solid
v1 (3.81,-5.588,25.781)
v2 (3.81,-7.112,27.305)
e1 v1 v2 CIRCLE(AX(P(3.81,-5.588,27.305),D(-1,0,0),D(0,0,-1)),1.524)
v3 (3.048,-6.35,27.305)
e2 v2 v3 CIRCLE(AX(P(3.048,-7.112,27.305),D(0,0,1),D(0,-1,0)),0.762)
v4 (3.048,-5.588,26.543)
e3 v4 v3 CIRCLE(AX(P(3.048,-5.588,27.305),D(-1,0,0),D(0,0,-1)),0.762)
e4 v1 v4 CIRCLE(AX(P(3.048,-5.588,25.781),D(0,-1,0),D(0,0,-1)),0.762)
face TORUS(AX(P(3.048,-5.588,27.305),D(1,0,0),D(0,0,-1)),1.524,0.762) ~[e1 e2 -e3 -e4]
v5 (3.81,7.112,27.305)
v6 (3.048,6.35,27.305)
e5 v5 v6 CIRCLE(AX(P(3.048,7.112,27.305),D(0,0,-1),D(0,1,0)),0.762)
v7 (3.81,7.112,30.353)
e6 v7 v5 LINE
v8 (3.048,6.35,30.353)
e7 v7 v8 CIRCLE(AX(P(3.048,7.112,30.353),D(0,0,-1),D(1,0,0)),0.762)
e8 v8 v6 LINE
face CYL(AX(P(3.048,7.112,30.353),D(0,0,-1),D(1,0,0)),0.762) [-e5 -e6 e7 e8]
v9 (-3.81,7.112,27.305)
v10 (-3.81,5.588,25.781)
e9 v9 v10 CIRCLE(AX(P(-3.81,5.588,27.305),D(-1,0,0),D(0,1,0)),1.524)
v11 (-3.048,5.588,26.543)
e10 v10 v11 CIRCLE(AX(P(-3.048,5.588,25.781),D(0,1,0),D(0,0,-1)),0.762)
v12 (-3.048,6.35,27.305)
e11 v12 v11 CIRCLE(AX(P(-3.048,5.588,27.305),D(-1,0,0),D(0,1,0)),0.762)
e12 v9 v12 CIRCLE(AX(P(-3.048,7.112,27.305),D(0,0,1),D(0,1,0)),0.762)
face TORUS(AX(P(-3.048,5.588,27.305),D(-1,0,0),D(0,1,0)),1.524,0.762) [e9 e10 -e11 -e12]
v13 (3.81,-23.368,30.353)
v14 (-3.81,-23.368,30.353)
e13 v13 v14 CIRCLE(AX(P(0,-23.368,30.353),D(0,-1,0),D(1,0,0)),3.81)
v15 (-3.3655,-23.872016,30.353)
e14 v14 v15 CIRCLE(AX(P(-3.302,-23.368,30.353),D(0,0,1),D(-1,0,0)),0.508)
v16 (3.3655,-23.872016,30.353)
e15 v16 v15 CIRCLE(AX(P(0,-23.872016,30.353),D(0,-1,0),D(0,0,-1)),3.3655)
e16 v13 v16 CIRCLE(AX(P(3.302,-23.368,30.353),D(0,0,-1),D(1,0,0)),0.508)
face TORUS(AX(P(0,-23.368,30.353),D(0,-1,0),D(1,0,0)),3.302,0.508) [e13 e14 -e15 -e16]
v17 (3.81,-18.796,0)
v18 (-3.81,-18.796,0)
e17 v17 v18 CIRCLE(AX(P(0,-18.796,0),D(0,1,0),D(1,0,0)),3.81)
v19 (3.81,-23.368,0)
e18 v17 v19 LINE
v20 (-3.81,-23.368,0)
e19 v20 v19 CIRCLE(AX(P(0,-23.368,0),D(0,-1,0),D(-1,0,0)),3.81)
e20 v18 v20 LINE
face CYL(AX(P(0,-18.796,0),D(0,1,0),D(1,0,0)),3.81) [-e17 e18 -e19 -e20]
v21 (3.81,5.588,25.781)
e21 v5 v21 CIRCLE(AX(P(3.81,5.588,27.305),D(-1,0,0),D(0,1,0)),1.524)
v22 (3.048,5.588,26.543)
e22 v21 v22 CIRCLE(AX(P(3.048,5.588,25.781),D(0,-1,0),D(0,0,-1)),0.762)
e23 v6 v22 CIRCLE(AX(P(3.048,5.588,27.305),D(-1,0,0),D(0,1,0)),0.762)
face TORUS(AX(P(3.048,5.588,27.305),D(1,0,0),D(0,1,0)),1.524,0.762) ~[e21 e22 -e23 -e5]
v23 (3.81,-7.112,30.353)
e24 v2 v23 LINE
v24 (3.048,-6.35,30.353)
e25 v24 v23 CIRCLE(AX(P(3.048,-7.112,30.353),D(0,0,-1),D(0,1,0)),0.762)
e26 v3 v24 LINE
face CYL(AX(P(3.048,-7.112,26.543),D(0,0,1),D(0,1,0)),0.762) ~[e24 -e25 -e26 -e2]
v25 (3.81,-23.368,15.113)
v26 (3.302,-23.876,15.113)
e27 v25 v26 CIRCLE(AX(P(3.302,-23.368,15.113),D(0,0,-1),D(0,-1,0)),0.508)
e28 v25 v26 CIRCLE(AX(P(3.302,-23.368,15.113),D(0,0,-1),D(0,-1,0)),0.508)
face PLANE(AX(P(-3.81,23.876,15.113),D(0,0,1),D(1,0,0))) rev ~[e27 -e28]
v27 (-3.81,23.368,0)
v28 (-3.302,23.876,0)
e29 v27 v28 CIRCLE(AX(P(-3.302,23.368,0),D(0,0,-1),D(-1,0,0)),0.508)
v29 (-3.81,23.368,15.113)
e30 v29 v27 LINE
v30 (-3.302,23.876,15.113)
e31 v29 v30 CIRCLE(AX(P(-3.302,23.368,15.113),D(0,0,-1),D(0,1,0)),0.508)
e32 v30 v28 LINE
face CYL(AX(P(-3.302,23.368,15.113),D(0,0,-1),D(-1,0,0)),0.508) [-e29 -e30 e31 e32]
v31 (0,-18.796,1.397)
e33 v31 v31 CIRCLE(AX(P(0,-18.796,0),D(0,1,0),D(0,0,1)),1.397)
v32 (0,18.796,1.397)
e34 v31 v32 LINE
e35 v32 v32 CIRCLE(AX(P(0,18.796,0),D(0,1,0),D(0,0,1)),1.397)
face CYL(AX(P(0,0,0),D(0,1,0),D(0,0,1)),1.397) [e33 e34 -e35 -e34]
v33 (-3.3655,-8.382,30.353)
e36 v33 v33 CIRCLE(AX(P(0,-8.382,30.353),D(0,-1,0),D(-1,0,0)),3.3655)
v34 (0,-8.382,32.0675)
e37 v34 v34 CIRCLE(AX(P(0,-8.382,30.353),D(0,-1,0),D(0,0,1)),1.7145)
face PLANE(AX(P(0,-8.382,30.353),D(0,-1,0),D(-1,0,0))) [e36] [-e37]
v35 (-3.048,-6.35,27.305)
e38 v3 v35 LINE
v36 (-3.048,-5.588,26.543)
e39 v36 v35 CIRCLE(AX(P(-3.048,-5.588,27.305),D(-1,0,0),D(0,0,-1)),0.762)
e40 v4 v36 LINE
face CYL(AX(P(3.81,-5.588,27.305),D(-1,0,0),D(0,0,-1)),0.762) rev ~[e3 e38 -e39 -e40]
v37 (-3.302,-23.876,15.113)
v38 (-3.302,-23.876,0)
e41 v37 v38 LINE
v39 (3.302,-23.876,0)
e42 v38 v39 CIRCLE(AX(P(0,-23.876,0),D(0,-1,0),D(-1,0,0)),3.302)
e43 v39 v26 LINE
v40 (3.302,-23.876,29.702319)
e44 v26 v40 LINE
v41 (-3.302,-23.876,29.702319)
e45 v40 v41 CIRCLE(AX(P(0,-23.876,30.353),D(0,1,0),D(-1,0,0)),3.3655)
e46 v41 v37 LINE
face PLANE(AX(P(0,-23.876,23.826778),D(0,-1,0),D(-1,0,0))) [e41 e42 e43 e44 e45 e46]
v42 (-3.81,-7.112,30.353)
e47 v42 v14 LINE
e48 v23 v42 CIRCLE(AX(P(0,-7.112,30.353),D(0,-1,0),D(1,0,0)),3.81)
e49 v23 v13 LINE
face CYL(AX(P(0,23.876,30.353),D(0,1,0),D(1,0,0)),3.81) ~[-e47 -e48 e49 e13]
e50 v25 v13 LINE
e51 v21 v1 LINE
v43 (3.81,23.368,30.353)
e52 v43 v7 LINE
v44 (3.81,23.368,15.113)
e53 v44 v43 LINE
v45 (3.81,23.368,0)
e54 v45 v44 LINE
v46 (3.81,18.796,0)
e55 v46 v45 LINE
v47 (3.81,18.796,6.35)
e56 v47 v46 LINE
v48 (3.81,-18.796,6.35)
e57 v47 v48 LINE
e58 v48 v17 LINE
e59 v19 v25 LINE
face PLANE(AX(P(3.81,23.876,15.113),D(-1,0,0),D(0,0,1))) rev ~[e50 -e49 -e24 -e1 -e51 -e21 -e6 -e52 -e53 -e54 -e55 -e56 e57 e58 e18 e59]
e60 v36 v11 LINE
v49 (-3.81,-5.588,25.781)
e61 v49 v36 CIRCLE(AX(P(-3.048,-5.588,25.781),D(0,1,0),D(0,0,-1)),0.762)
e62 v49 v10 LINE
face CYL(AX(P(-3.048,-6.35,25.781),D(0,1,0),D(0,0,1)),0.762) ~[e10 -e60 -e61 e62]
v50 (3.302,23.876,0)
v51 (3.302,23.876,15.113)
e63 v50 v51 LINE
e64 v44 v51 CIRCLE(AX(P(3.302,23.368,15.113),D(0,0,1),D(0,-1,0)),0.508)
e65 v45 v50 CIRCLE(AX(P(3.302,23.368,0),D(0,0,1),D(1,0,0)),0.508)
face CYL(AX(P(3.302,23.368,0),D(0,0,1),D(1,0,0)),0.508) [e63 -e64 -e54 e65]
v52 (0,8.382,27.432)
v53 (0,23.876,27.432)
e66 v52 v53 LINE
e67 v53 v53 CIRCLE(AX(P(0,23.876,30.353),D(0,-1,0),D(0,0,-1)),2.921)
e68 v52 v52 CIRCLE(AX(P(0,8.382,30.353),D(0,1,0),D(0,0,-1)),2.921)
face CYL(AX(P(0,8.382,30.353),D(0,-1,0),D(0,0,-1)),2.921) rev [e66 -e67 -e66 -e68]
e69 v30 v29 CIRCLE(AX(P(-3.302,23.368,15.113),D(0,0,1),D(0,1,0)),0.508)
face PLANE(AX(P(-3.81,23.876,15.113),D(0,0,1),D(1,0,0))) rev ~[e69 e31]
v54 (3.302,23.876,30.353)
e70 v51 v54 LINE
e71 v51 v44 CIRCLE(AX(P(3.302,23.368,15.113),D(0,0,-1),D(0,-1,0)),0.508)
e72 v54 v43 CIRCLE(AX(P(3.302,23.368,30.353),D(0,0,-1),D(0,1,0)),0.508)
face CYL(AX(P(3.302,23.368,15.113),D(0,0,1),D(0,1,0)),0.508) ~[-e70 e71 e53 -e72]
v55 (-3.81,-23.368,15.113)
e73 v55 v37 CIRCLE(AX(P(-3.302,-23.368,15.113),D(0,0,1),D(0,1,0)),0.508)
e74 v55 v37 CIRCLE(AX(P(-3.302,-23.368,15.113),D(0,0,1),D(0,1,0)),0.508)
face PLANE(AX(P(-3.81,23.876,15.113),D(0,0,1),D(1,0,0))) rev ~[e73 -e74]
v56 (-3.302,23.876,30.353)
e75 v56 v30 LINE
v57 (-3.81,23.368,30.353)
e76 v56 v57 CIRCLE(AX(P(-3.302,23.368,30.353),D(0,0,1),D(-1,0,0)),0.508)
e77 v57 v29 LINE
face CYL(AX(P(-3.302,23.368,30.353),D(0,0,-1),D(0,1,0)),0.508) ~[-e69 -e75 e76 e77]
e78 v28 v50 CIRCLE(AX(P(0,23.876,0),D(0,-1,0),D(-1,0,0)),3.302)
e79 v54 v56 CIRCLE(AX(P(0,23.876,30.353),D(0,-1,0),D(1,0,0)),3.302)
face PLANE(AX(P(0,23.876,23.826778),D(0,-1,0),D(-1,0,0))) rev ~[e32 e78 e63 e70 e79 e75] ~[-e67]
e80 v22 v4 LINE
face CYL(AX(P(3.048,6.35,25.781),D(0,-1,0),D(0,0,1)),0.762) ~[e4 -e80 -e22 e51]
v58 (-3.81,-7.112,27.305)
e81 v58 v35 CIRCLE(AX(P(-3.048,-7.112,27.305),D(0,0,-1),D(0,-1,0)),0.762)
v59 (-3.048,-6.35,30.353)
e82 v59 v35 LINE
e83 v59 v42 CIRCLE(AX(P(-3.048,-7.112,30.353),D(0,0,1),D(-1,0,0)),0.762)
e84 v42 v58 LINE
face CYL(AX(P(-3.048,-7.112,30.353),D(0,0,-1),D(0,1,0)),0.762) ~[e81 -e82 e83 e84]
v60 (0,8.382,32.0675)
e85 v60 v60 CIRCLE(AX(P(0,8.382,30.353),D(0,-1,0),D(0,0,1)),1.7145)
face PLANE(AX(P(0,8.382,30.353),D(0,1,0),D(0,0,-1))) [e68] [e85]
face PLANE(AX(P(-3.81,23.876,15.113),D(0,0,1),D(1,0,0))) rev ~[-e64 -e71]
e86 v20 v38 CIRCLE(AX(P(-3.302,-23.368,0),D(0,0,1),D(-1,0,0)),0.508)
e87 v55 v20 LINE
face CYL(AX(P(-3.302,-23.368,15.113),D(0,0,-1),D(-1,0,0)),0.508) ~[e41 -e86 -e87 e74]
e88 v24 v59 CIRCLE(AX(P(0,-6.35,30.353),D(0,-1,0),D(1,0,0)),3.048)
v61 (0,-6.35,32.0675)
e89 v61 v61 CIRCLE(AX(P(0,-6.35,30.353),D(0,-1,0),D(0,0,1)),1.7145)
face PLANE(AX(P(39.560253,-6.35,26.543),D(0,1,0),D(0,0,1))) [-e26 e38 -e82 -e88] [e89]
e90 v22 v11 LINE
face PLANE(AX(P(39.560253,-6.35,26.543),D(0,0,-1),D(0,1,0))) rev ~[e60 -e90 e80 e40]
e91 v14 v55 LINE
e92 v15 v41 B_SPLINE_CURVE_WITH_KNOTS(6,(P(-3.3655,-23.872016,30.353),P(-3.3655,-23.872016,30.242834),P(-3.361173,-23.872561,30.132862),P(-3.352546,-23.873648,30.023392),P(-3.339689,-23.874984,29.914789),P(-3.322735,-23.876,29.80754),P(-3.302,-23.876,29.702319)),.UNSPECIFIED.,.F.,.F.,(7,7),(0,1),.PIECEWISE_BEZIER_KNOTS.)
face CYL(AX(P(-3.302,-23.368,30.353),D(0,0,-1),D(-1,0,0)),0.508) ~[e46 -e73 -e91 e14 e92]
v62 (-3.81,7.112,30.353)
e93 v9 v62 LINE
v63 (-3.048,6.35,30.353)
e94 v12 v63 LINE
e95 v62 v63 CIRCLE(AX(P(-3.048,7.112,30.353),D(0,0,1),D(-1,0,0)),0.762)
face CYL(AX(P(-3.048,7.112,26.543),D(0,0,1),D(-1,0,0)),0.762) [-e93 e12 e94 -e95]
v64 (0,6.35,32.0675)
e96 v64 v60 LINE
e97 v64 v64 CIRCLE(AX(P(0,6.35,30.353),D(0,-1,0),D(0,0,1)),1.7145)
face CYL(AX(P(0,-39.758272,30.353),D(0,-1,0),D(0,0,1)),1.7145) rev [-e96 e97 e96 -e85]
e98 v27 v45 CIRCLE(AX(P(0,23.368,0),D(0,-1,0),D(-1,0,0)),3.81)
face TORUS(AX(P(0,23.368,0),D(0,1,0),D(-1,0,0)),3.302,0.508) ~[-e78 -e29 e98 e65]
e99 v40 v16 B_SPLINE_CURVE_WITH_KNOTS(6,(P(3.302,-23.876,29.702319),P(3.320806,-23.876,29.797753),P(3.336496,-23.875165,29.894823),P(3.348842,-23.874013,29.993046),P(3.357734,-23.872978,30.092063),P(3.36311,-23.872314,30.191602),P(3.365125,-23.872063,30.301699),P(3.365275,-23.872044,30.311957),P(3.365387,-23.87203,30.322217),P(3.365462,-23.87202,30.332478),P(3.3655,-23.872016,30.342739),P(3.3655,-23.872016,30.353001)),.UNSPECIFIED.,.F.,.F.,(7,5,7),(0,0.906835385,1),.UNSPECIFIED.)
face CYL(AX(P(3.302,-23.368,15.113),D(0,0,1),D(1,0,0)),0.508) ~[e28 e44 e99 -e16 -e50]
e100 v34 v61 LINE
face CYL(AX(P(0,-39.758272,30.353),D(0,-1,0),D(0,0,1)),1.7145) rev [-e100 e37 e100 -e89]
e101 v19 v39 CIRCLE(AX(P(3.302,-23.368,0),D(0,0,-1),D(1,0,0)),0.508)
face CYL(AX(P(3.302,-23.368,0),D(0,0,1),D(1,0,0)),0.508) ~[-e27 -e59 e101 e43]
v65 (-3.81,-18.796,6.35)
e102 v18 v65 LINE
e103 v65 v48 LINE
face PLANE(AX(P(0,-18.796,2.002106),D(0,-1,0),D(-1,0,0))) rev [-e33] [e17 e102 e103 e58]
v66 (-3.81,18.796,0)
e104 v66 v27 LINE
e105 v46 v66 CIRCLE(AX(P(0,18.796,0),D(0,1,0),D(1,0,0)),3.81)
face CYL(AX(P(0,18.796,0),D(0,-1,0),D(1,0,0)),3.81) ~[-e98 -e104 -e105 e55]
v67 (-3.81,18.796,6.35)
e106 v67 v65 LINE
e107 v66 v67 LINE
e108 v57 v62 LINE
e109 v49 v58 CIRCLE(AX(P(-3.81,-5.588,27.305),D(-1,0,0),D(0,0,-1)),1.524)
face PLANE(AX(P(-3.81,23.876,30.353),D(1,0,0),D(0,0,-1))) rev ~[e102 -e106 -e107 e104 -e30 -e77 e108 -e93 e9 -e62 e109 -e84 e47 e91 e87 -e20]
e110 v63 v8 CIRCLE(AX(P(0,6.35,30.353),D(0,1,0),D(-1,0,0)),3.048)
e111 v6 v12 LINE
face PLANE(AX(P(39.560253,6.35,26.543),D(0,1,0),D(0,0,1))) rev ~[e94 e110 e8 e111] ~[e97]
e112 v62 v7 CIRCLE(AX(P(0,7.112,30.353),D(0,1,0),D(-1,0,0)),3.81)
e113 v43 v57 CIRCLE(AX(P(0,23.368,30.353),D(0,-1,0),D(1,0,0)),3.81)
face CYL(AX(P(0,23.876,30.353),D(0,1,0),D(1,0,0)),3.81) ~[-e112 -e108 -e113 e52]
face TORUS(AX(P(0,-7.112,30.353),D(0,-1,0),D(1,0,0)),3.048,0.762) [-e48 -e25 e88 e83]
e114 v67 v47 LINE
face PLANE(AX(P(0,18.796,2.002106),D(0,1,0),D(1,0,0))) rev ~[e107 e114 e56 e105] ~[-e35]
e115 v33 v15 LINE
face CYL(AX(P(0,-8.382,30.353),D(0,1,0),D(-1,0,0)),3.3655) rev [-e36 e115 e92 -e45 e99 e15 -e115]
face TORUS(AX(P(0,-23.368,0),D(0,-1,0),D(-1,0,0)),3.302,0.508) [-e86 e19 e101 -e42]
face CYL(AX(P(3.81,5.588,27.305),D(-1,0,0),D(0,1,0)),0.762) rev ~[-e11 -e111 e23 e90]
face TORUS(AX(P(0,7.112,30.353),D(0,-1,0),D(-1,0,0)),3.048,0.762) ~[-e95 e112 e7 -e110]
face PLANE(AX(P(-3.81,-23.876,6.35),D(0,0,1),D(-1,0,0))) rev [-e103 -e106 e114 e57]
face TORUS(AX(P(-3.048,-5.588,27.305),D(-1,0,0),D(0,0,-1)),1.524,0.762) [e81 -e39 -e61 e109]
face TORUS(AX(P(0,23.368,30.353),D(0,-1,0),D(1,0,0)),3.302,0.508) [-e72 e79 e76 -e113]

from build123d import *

# Parameters (mm, degrees)
SKETCH1_R               = 1.397
BOSS_EXTRUDE1_DEPTH     = 18.796
BOSS_EXTRUDE2_DEPTH     = 5.08
SKETCH3_W               = 7.62
SKETCH3_H               = 8.763
BOSS_EXTRUDE3_DEPTH     = 23.876
FILLET1_R               = 0.508
BOSS_EXTRUDE5_DEPTH     = 47.752
FILLET3_R               = 0.508
CUT_EXTRUDE2_DEPTH      = 43.370253148
CUT_EXTRUDE2_DEPTH_BACK = 43.370253148
SKETCH9_W               = 7.62
SKETCH9_H               = 12.7
FILLET4_R               = 0.762
CUT_EXTRUDE3_DEPTH      = 59.837744517
CUT_EXTRUDE3_DEPTH_BACK = 15.494
SKETCH10_R              = 2.921
CUT_EXTRUDE4_DEPTH      = 48.140271953
CUT_EXTRUDE4_DEPTH_BACK = 48.140271953
SKETCH11_R              = 1.7145
CUT_EXTRUDE5_DEPTH      = 59.837744517
CUT_EXTRUDE5_DEPTH_BACK = 15.494
SKETCH12_R              = 3.3655


with BuildPart() as part:
    # Sketch1 → Boss-Extrude1 (new body)
    with BuildSketch(Plane(origin=(0, 0, 0), x_dir=(1, 0, 0), z_dir=(0, 1, 0))):
        with Locations(Location((0, 0, 0), (0, 0, 270))):
            Circle(SKETCH1_R)
    extrude(amount=BOSS_EXTRUDE1_DEPTH)

    # Sketch2 → Boss-Extrude2 (add)
    with BuildSketch(Plane(origin=(0, 18.796, 0), x_dir=(1, 0, 0), z_dir=(0, 1, 0))):
        with BuildLine():
            Line((-3.81, -6.35), (3.81, -6.35))
            Line((3.81, -6.35), (3.81, 0))
            ThreePointArc((3.81, 0), (0, 3.81), (-3.81, 0))
            Line((-3.81, 0), (-3.81, -6.35))
        make_face()
    extrude(amount=BOSS_EXTRUDE2_DEPTH)

    # Sketch3 → Boss-Extrude3 (add)
    with BuildSketch(Plane(origin=(0, 23.876, 0), x_dir=(1, 0, 0), z_dir=(0, 1, 0))):
        with Locations((0, -10.7315)):
            Rectangle(SKETCH3_W, SKETCH3_H)
    extrude(amount=-BOSS_EXTRUDE3_DEPTH)

    # Mirror1: part across plane


with BuildPart() as part_1:
    add(part.part)
    add(part.part.mirror(Plane.ZX))

    # Fillet1
    fillet1_edges = [part_1.edges().sort_by_distance(p)[0] for p in [
        (-3.81, -23.876, 7.5565),
        (3.81, -23.876, 7.5565),
        (0, -23.876, -3.81),
        (-3.81, 23.876, 7.5565),
        (3.81, 23.876, 7.5565),
        (0, 23.876, -3.81),
    ]]
    fillet(fillet1_edges, radius=FILLET1_R)

    # Sketch8 → Boss-Extrude5 (add)
    with BuildSketch(Plane(origin=(0, 23.876, 0), x_dir=(1, 0, 0), z_dir=(0, 1, 0))):
        with BuildLine():
            Line((-3.81, -15.113), (3.81, -15.113))
            Line((3.81, -15.113), (3.81, -30.353))
            ThreePointArc((3.81, -30.353), (0, -34.163), (-3.81, -30.353))
            Line((-3.81, -30.353), (-3.81, -15.113))
        make_face()
    extrude(amount=-BOSS_EXTRUDE5_DEPTH)

    # Fillet3
    fillet3_edges = [part_1.edges().sort_by_distance(p)[0] for p in [
        (-3.81, 23.876, 22.733),
        (0, 23.876, 34.163),
        (3.81, 23.876, 22.733),
        (0, -23.876, 34.163),
        (3.81, -23.876, 22.733),
        (-3.81, -23.876, 22.733),
    ]]
    fillet(fillet3_edges, radius=FILLET3_R)

    # Sketch9 → Cut-Extrude2 (cut, two sides: drawn at the far end of the back side and taken through both)
    with BuildSketch(Plane.ZY.offset(3.81).offset(-CUT_EXTRUDE2_DEPTH_BACK)):
        with Locations((30.353, 0)):
            Rectangle(SKETCH9_W, SKETCH9_H)
    extrude(amount=CUT_EXTRUDE2_DEPTH + CUT_EXTRUDE2_DEPTH_BACK, mode=Mode.SUBTRACT)

    # Fillet4
    fillet4_edges = [part_1.edges().sort_by_distance(p)[0] for p in [
        (0, 6.35, 34.163),
        (0, -6.35, 34.163),
        (0, -6.35, 26.543),
        (-3.81, 0, 26.543),
        (3.81, 0, 26.543),
        (-3.81, -6.35, 28.448),
        (3.81, -6.35, 28.448),
        (0, 6.35, 26.543),
        (-3.81, 6.35, 28.448),
        (3.81, 6.35, 28.448),
    ]]
    fillet(fillet4_edges, radius=FILLET4_R)

    # Sketch10 → Cut-Extrude3 (cut, two sides: drawn at the far end of the back side and taken through both)
    with BuildSketch(Plane(origin=(0, 23.876, 0), x_dir=(1, 0, 0), z_dir=(0, 1, 0)).offset(-CUT_EXTRUDE3_DEPTH_BACK)):
        with Locations(Location((0, -30.353, 0), (0, 0, 90))):
            Circle(SKETCH10_R)
    extrude(amount=CUT_EXTRUDE3_DEPTH + CUT_EXTRUDE3_DEPTH_BACK, mode=Mode.SUBTRACT)

    # Sketch11 → Cut-Extrude4 (cut, two sides: drawn at the far end of the back side and taken through both)
    with BuildSketch(Plane(origin=(0, 8.382, 0), x_dir=(1, 0, 0), z_dir=(0, 1, 0)).offset(-CUT_EXTRUDE4_DEPTH_BACK)):
        with Locations(Location((0, -30.353, 0), (0, 0, 270))):
            Circle(SKETCH11_R)
    extrude(amount=CUT_EXTRUDE4_DEPTH + CUT_EXTRUDE4_DEPTH_BACK, mode=Mode.SUBTRACT)

    # Sketch12 → Cut-Extrude5 (cut, two sides: drawn at the far end of the back side and taken through both)
    with BuildSketch(Plane.XZ.offset(23.876).offset(-CUT_EXTRUDE5_DEPTH_BACK)):
        with Locations(Location((0, 30.353, 0), (0, 0, 180))):
            Circle(SKETCH12_R)
    extrude(amount=CUT_EXTRUDE5_DEPTH + CUT_EXTRUDE5_DEPTH_BACK, mode=Mode.SUBTRACT)


solid = part_1.part
